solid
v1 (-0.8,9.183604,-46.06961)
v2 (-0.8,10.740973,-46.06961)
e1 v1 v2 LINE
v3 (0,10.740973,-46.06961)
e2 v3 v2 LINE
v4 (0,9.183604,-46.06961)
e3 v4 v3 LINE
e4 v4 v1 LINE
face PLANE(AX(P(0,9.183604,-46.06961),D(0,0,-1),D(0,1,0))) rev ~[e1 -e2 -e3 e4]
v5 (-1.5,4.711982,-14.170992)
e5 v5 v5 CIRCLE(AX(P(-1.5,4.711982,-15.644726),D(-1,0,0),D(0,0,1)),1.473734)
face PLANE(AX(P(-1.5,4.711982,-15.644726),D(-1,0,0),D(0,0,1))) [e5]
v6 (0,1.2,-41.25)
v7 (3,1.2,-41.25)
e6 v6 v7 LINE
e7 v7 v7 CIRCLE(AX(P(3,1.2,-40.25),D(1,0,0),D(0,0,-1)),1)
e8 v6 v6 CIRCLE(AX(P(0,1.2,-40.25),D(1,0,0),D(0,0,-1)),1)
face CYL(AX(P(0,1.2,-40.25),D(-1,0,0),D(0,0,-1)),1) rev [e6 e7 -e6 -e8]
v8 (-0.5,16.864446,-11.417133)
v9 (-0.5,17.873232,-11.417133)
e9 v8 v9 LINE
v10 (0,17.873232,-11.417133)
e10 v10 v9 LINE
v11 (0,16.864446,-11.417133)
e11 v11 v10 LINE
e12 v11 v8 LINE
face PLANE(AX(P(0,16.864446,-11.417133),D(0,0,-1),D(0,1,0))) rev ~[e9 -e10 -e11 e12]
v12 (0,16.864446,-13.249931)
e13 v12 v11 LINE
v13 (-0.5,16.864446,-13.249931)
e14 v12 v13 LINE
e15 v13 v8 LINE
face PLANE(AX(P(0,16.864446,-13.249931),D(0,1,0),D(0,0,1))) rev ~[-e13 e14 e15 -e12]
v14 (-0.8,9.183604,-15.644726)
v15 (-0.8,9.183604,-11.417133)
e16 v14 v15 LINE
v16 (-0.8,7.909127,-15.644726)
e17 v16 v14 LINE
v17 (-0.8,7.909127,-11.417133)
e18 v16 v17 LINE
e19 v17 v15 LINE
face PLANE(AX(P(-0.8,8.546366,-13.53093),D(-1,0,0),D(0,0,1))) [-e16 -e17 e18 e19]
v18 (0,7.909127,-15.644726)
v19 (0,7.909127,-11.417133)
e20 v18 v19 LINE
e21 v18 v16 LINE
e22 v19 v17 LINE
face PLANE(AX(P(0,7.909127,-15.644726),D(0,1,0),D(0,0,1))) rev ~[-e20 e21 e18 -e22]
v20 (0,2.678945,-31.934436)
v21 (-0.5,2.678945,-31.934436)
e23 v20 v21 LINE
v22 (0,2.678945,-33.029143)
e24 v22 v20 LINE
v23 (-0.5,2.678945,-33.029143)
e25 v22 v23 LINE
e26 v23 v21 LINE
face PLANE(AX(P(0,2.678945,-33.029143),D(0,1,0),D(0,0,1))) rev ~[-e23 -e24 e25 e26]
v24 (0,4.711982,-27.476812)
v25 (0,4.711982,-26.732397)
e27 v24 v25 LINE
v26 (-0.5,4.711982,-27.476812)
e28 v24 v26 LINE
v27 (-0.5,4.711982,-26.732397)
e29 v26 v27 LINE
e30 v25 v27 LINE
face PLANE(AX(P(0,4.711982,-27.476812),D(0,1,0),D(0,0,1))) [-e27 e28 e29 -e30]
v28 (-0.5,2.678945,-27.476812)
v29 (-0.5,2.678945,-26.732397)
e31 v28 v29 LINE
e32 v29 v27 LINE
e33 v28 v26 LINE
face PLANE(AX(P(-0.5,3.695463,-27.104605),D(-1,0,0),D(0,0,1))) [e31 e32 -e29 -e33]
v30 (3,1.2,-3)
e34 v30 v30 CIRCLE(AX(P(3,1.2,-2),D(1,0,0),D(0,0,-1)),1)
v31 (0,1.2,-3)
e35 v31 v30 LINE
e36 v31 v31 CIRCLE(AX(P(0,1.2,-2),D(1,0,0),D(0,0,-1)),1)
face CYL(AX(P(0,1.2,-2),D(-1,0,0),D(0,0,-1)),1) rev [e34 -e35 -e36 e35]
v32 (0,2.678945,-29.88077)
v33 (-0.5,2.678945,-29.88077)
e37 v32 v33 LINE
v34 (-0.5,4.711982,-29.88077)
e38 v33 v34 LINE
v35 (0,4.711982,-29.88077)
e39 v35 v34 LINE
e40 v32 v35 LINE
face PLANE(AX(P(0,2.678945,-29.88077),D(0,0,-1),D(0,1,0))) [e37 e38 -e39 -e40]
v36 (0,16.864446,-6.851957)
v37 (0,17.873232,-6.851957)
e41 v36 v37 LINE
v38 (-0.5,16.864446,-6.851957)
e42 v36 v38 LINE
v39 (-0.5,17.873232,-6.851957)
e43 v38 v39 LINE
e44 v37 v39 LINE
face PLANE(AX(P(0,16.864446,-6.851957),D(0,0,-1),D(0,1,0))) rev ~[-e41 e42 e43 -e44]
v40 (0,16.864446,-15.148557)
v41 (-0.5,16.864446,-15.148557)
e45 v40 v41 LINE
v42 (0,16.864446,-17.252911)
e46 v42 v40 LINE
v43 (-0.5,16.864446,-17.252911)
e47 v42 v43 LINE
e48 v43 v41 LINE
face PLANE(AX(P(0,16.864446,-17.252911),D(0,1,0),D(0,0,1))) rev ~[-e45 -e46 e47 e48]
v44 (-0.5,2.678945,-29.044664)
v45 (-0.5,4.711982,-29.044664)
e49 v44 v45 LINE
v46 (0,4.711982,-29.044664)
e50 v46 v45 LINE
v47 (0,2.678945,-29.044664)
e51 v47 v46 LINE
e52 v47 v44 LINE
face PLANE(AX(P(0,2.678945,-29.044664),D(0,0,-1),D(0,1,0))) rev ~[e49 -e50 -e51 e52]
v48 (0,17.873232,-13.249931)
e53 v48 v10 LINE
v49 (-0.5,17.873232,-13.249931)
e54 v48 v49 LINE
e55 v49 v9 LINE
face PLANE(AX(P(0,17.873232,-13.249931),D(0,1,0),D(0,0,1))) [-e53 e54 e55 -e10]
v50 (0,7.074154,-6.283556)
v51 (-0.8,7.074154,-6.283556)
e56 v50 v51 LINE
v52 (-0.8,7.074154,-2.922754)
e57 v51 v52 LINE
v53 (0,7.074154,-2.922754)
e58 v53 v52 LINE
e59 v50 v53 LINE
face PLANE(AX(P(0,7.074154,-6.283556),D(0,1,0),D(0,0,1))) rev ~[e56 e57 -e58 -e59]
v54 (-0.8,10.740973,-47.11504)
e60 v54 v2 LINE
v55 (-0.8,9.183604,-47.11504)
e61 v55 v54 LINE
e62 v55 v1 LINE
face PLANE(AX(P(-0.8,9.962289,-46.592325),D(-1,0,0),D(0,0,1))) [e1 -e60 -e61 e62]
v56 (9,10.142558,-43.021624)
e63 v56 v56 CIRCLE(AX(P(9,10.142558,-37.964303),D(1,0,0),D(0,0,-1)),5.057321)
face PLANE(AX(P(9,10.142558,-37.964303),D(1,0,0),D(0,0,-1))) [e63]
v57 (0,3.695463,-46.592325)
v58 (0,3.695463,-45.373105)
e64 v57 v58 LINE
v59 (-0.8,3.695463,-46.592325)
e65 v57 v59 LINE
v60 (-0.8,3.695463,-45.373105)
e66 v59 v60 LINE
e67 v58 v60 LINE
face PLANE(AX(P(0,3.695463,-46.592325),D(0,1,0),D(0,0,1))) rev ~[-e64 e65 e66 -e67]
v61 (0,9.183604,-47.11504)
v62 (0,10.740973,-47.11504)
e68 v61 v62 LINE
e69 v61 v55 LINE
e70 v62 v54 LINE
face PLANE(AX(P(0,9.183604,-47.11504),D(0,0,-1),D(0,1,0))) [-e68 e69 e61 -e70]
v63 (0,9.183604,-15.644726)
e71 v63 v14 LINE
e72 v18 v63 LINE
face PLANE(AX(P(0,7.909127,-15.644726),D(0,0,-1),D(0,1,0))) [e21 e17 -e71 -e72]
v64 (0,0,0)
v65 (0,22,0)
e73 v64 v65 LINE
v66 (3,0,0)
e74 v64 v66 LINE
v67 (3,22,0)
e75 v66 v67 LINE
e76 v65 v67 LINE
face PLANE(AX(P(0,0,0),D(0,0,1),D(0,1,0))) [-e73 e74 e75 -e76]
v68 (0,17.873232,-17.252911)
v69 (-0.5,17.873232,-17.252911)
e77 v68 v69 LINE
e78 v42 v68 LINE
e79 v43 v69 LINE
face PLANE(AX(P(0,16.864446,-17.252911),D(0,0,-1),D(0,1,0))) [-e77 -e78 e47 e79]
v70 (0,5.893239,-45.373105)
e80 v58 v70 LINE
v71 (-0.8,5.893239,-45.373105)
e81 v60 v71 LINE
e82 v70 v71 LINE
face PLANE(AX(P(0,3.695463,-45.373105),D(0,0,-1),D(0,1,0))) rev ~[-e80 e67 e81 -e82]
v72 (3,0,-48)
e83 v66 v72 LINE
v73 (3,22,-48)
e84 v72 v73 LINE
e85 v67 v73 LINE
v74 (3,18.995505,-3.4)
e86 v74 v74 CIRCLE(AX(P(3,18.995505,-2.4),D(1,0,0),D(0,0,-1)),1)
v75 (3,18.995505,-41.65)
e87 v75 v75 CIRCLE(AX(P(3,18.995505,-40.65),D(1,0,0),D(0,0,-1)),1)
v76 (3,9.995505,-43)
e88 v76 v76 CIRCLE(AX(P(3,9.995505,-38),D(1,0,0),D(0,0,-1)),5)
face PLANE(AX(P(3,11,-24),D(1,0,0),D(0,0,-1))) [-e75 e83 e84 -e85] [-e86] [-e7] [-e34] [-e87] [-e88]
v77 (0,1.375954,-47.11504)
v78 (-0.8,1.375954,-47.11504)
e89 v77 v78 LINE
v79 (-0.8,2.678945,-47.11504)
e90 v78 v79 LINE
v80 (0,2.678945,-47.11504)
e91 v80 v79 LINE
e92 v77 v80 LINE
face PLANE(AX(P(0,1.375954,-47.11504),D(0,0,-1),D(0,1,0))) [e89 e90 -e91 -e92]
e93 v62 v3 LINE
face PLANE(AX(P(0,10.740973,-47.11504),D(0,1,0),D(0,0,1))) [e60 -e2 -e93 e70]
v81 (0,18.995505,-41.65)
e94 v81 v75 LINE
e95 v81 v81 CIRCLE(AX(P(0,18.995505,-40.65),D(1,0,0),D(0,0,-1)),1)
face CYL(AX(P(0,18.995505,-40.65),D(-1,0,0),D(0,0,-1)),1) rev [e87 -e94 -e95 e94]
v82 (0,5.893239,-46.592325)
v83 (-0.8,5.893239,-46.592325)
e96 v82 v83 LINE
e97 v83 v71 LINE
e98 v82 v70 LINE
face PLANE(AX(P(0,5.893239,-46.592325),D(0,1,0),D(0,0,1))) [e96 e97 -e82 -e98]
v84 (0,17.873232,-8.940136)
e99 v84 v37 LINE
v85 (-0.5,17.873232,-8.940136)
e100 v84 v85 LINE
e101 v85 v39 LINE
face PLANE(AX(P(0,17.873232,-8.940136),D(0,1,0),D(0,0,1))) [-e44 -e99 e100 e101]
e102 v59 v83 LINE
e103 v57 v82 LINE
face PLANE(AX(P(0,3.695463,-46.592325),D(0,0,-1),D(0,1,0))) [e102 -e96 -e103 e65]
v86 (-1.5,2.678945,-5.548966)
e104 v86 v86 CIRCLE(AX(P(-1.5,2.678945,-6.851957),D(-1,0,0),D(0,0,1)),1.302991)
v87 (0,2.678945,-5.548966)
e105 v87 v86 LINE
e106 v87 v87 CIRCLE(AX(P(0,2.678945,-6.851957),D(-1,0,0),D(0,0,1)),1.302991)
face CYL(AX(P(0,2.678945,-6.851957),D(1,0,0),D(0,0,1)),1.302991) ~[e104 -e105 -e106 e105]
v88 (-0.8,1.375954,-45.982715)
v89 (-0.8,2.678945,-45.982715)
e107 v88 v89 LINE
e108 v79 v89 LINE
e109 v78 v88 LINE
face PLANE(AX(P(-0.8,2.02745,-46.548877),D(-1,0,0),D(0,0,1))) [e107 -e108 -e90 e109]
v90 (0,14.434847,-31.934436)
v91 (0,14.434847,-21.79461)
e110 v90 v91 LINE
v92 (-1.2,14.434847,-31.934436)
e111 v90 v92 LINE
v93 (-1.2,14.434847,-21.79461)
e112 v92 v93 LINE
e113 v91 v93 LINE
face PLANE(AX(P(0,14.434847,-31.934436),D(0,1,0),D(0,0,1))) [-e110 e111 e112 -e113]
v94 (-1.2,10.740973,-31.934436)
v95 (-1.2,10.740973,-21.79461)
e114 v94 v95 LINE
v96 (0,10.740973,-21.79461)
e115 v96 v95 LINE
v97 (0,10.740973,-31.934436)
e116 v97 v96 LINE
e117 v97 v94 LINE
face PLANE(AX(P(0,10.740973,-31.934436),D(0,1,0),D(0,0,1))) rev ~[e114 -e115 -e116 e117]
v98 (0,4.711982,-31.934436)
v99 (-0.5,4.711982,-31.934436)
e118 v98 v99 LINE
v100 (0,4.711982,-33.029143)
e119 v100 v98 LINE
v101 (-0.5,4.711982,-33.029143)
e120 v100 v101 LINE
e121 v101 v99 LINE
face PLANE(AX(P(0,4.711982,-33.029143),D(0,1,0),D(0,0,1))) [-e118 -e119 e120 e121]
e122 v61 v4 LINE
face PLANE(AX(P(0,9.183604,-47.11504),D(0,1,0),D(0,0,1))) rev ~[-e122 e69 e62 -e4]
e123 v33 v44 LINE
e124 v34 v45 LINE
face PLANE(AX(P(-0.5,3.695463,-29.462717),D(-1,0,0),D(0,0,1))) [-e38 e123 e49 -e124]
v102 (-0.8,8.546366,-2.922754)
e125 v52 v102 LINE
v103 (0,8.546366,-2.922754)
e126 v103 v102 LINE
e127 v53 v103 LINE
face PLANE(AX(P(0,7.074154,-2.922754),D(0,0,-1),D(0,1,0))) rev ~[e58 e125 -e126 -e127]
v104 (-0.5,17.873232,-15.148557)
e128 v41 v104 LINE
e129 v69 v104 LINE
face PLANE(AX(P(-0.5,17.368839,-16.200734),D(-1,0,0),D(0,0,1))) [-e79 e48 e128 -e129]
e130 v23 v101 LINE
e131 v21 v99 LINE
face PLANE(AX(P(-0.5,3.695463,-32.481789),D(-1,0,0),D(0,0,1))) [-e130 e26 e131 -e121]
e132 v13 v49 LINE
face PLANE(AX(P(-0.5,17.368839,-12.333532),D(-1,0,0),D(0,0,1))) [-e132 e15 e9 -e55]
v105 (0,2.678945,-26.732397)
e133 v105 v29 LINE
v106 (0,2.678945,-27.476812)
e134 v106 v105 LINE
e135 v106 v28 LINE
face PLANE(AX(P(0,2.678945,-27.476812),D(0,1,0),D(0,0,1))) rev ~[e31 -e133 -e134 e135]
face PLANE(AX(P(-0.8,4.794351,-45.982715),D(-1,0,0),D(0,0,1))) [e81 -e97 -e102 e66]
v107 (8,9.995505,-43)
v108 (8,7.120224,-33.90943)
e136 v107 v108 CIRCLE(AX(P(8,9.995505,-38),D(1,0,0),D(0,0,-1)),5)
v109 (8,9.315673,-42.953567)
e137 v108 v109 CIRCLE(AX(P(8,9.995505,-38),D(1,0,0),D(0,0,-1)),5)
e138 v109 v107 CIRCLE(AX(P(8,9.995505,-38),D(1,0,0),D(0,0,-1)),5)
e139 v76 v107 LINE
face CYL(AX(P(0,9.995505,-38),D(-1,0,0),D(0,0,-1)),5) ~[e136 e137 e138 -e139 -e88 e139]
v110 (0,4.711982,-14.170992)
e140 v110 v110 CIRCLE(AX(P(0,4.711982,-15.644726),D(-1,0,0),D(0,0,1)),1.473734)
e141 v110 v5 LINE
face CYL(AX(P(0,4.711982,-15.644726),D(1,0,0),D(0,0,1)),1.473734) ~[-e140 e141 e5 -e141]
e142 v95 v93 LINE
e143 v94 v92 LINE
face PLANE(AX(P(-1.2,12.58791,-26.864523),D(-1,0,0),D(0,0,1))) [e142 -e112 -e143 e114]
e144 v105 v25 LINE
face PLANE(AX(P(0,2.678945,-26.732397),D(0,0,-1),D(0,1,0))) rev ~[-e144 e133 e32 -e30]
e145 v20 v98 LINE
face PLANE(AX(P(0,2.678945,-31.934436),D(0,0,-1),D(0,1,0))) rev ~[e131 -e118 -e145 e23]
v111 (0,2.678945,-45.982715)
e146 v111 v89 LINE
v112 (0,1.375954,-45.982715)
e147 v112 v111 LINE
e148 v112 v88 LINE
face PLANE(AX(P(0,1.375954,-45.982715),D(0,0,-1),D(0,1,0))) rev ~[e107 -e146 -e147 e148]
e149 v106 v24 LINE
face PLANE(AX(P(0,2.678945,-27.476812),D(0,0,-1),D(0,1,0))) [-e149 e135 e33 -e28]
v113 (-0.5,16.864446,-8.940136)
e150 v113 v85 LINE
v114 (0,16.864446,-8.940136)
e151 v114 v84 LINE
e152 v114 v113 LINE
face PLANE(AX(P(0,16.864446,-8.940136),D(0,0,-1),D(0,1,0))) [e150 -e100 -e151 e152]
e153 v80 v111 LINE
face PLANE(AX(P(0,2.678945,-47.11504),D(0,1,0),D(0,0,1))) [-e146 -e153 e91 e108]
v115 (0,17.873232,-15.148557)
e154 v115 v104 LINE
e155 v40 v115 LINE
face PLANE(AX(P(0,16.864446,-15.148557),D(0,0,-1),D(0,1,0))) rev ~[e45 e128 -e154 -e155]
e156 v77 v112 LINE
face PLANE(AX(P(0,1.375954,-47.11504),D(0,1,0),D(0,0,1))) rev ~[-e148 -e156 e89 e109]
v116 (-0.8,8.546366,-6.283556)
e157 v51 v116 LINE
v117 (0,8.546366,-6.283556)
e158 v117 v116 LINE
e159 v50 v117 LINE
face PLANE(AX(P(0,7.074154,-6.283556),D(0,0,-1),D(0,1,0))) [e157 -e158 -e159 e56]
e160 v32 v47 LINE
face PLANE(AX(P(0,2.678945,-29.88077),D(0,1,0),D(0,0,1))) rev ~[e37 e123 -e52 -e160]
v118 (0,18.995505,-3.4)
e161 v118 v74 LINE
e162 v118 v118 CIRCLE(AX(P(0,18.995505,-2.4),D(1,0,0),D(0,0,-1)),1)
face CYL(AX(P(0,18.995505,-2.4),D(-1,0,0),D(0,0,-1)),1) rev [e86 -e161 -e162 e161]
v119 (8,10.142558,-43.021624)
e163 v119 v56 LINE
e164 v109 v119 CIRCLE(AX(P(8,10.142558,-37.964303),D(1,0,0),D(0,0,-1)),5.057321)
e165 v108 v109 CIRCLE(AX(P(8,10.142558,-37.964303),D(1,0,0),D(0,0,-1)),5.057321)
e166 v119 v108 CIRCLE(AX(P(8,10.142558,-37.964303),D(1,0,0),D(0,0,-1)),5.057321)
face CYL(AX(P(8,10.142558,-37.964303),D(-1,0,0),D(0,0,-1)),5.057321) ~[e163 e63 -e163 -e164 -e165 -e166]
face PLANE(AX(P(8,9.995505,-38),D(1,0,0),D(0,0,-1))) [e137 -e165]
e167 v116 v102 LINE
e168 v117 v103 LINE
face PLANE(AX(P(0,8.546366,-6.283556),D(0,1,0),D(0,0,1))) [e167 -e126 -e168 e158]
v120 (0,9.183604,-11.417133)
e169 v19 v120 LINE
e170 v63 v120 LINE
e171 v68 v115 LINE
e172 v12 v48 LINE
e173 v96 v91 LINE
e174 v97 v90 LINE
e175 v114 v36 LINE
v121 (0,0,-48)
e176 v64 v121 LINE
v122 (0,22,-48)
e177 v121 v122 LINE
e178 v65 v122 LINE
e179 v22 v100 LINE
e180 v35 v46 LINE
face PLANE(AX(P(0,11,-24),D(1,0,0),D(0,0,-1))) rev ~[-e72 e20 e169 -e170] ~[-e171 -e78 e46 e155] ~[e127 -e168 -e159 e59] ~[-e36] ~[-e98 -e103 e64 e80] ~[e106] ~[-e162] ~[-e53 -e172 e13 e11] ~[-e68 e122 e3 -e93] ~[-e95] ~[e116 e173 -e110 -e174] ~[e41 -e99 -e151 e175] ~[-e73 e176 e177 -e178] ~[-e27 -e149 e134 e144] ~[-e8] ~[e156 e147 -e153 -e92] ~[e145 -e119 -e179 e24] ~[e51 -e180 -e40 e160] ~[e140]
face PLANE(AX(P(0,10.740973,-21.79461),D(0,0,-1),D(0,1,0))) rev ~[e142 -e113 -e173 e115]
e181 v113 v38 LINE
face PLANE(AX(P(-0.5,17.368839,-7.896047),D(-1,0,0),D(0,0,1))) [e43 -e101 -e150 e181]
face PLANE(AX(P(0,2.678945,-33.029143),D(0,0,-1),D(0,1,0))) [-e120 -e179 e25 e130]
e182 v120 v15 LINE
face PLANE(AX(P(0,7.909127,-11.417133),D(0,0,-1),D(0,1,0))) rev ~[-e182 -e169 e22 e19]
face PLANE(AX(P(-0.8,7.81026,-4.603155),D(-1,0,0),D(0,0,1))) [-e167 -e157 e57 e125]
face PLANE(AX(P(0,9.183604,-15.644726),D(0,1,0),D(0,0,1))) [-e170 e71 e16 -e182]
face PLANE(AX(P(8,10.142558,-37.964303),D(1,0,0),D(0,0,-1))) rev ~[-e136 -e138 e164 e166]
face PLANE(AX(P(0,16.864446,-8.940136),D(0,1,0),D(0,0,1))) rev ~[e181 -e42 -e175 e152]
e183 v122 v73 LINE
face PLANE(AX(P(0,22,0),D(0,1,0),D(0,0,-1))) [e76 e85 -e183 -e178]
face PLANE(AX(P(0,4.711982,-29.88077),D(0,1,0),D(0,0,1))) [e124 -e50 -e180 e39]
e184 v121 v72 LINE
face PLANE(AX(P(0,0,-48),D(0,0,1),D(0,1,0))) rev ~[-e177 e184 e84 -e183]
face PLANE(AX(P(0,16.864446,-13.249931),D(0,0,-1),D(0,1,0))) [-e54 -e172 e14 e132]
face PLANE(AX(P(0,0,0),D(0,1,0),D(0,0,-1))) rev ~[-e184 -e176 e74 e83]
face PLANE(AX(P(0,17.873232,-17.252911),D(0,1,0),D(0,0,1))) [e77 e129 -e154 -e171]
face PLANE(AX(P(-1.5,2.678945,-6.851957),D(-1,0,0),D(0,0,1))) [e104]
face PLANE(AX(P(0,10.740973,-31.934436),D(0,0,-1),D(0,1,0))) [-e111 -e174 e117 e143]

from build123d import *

# Parameters (mm, degrees)
SKETCH1_W           = 48
SKETCH1_H           = 22
SKETCH1_R           = 5
SKETCH1_R_2         = 1
BOSS_EXTRUDE1_DEPTH = 3
SKETCH1_2_R         = 5
BOSS_EXTRUDE2_DEPTH = 8
SKETCH2_W           = 2.104353458
SKETCH2_H           = 1.008785287
SKETCH2_W_2         = 1.832797116
SKETCH2_W_3         = 2.088179476
SKETCH2_W_4         = 0.74441479
SKETCH2_H_2         = 2.033036387
SKETCH2_W_5         = 0.836105694
SKETCH2_W_6         = 1.094706322
BOSS_EXTRUDE3_DEPTH = 0.5
SKETCH2_3_W         = 4.22759305
SKETCH2_3_H         = 1.274477447
SKETCH2_3_W_2       = 3.360802222
SKETCH2_3_H_2       = 1.472211858
SKETCH2_3_W_3       = 1.045429968
SKETCH2_3_H_3       = 1.557369002
SKETCH2_3_W_4       = 1.219219908
SKETCH2_3_H_4       = 2.19777591
SKETCH2_3_W_5       = 1.132324938
SKETCH2_3_H_5       = 1.302990818
BOSS_EXTRUDE4_DEPTH = 0.8
SKETCH2_4_W         = 10.139826511
SKETCH2_4_H         = 3.693874046
BOSS_EXTRUDE5_DEPTH = 1.2
SKETCH2_5_R         = 1.47373415
SKETCH2_5_R_2       = 1.302990818
BOSS_EXTRUDE6_DEPTH = 1.5
SKETCH4_R           = 5.057320887
BOSS_EXTRUDE7_DEPTH = 1


with BuildPart() as part:
    # Sketch1 → Boss-Extrude1 (new body)
    with BuildSketch(Plane(origin=(0, 0, 0), x_dir=(0, 0, -1), z_dir=(1, 0, 0))):
        with Locations((24, 11)):
            Rectangle(SKETCH1_W, SKETCH1_H)
        with Locations((38, 9.99550505)):
            Circle(SKETCH1_R, mode=Mode.SUBTRACT)
        with Locations((40.65, 18.99550505)):
            Circle(SKETCH1_R_2, mode=Mode.SUBTRACT)
        with Locations((2.4, 18.99550505)):
            Circle(SKETCH1_R_2, mode=Mode.SUBTRACT)
        with Locations((2, 1.2)):
            Circle(SKETCH1_R_2, mode=Mode.SUBTRACT)
        with Locations((40.25, 1.2)):
            Circle(SKETCH1_R_2, mode=Mode.SUBTRACT)
    extrude(amount=BOSS_EXTRUDE1_DEPTH)

    # Sketch1<2> → Boss-Extrude2 (add)
    with BuildSketch(Plane(origin=(0, 0, 0), x_dir=(0, 0, -1), z_dir=(1, 0, 0))):
        with Locations((38, 9.99550505)):
            Circle(SKETCH1_2_R)
    extrude(amount=BOSS_EXTRUDE2_DEPTH)

    # Sketch2 → Boss-Extrude3 (add)
    with BuildSketch(Plane.ZY):
        with Locations((-16.200734104, 17.368839016)):
            Rectangle(SKETCH2_W, SKETCH2_H)
        with Locations((-12.333531989, 17.368839016)):
            Rectangle(SKETCH2_W_2, SKETCH2_H)
        with Locations((-7.896046505, 17.368839016)):
            Rectangle(SKETCH2_W_3, SKETCH2_H)
        with Locations((-27.104604618, 3.695463372)):
            Rectangle(SKETCH2_W_4, SKETCH2_H_2)
        with Locations((-29.462717027, 3.695463372)):
            Rectangle(SKETCH2_W_5, SKETCH2_H_2)
        with Locations((-32.481789363, 3.695463372)):
            Rectangle(SKETCH2_W_6, SKETCH2_H_2)
    extrude(amount=BOSS_EXTRUDE3_DEPTH)

    # Sketch2<3> → Boss-Extrude4 (add)
    with BuildSketch(Plane.ZY):
        with Locations((-13.530929956, 8.546365696)):
            Rectangle(SKETCH2_3_W, SKETCH2_3_H)
        with Locations((-4.603155303, 7.810259766)):
            Rectangle(SKETCH2_3_W_2, SKETCH2_3_H_2)
        with Locations((-46.592324849, 9.96228892)):
            Rectangle(SKETCH2_3_W_3, SKETCH2_3_H_3)
        with Locations((-45.982714895, 4.794351326)):
            Rectangle(SKETCH2_3_W_4, SKETCH2_3_H_4)
        with Locations((-46.548877364, 2.027449769)):
            Rectangle(SKETCH2_3_W_5, SKETCH2_3_H_5)
    extrude(amount=BOSS_EXTRUDE4_DEPTH)

    # Sketch2<4> → Boss-Extrude5 (add)
    with BuildSketch(Plane.ZY):
        with Locations((-26.864522947, 12.587910444)):
            Rectangle(SKETCH2_4_W, SKETCH2_4_H)
    extrude(amount=BOSS_EXTRUDE5_DEPTH)

    # Sketch2<5> → Boss-Extrude6 (add)
    with BuildSketch(Plane.ZY):
        with Locations((-15.644726481, 4.711981565)):
            Circle(SKETCH2_5_R)
        with Locations((-6.851956767, 2.678945178)):
            Circle(SKETCH2_5_R_2)
    extrude(amount=BOSS_EXTRUDE6_DEPTH)

    # Sketch4 → Boss-Extrude7 (add)
    with BuildSketch(Plane(origin=(8, 0, 0), x_dir=(0, 0, -1), z_dir=(1, 0, 0))):
        with Locations((37.964303181, 10.142557879)):
            Circle(SKETCH4_R)
    extrude(amount=BOSS_EXTRUDE7_DEPTH)


solid = part.part
